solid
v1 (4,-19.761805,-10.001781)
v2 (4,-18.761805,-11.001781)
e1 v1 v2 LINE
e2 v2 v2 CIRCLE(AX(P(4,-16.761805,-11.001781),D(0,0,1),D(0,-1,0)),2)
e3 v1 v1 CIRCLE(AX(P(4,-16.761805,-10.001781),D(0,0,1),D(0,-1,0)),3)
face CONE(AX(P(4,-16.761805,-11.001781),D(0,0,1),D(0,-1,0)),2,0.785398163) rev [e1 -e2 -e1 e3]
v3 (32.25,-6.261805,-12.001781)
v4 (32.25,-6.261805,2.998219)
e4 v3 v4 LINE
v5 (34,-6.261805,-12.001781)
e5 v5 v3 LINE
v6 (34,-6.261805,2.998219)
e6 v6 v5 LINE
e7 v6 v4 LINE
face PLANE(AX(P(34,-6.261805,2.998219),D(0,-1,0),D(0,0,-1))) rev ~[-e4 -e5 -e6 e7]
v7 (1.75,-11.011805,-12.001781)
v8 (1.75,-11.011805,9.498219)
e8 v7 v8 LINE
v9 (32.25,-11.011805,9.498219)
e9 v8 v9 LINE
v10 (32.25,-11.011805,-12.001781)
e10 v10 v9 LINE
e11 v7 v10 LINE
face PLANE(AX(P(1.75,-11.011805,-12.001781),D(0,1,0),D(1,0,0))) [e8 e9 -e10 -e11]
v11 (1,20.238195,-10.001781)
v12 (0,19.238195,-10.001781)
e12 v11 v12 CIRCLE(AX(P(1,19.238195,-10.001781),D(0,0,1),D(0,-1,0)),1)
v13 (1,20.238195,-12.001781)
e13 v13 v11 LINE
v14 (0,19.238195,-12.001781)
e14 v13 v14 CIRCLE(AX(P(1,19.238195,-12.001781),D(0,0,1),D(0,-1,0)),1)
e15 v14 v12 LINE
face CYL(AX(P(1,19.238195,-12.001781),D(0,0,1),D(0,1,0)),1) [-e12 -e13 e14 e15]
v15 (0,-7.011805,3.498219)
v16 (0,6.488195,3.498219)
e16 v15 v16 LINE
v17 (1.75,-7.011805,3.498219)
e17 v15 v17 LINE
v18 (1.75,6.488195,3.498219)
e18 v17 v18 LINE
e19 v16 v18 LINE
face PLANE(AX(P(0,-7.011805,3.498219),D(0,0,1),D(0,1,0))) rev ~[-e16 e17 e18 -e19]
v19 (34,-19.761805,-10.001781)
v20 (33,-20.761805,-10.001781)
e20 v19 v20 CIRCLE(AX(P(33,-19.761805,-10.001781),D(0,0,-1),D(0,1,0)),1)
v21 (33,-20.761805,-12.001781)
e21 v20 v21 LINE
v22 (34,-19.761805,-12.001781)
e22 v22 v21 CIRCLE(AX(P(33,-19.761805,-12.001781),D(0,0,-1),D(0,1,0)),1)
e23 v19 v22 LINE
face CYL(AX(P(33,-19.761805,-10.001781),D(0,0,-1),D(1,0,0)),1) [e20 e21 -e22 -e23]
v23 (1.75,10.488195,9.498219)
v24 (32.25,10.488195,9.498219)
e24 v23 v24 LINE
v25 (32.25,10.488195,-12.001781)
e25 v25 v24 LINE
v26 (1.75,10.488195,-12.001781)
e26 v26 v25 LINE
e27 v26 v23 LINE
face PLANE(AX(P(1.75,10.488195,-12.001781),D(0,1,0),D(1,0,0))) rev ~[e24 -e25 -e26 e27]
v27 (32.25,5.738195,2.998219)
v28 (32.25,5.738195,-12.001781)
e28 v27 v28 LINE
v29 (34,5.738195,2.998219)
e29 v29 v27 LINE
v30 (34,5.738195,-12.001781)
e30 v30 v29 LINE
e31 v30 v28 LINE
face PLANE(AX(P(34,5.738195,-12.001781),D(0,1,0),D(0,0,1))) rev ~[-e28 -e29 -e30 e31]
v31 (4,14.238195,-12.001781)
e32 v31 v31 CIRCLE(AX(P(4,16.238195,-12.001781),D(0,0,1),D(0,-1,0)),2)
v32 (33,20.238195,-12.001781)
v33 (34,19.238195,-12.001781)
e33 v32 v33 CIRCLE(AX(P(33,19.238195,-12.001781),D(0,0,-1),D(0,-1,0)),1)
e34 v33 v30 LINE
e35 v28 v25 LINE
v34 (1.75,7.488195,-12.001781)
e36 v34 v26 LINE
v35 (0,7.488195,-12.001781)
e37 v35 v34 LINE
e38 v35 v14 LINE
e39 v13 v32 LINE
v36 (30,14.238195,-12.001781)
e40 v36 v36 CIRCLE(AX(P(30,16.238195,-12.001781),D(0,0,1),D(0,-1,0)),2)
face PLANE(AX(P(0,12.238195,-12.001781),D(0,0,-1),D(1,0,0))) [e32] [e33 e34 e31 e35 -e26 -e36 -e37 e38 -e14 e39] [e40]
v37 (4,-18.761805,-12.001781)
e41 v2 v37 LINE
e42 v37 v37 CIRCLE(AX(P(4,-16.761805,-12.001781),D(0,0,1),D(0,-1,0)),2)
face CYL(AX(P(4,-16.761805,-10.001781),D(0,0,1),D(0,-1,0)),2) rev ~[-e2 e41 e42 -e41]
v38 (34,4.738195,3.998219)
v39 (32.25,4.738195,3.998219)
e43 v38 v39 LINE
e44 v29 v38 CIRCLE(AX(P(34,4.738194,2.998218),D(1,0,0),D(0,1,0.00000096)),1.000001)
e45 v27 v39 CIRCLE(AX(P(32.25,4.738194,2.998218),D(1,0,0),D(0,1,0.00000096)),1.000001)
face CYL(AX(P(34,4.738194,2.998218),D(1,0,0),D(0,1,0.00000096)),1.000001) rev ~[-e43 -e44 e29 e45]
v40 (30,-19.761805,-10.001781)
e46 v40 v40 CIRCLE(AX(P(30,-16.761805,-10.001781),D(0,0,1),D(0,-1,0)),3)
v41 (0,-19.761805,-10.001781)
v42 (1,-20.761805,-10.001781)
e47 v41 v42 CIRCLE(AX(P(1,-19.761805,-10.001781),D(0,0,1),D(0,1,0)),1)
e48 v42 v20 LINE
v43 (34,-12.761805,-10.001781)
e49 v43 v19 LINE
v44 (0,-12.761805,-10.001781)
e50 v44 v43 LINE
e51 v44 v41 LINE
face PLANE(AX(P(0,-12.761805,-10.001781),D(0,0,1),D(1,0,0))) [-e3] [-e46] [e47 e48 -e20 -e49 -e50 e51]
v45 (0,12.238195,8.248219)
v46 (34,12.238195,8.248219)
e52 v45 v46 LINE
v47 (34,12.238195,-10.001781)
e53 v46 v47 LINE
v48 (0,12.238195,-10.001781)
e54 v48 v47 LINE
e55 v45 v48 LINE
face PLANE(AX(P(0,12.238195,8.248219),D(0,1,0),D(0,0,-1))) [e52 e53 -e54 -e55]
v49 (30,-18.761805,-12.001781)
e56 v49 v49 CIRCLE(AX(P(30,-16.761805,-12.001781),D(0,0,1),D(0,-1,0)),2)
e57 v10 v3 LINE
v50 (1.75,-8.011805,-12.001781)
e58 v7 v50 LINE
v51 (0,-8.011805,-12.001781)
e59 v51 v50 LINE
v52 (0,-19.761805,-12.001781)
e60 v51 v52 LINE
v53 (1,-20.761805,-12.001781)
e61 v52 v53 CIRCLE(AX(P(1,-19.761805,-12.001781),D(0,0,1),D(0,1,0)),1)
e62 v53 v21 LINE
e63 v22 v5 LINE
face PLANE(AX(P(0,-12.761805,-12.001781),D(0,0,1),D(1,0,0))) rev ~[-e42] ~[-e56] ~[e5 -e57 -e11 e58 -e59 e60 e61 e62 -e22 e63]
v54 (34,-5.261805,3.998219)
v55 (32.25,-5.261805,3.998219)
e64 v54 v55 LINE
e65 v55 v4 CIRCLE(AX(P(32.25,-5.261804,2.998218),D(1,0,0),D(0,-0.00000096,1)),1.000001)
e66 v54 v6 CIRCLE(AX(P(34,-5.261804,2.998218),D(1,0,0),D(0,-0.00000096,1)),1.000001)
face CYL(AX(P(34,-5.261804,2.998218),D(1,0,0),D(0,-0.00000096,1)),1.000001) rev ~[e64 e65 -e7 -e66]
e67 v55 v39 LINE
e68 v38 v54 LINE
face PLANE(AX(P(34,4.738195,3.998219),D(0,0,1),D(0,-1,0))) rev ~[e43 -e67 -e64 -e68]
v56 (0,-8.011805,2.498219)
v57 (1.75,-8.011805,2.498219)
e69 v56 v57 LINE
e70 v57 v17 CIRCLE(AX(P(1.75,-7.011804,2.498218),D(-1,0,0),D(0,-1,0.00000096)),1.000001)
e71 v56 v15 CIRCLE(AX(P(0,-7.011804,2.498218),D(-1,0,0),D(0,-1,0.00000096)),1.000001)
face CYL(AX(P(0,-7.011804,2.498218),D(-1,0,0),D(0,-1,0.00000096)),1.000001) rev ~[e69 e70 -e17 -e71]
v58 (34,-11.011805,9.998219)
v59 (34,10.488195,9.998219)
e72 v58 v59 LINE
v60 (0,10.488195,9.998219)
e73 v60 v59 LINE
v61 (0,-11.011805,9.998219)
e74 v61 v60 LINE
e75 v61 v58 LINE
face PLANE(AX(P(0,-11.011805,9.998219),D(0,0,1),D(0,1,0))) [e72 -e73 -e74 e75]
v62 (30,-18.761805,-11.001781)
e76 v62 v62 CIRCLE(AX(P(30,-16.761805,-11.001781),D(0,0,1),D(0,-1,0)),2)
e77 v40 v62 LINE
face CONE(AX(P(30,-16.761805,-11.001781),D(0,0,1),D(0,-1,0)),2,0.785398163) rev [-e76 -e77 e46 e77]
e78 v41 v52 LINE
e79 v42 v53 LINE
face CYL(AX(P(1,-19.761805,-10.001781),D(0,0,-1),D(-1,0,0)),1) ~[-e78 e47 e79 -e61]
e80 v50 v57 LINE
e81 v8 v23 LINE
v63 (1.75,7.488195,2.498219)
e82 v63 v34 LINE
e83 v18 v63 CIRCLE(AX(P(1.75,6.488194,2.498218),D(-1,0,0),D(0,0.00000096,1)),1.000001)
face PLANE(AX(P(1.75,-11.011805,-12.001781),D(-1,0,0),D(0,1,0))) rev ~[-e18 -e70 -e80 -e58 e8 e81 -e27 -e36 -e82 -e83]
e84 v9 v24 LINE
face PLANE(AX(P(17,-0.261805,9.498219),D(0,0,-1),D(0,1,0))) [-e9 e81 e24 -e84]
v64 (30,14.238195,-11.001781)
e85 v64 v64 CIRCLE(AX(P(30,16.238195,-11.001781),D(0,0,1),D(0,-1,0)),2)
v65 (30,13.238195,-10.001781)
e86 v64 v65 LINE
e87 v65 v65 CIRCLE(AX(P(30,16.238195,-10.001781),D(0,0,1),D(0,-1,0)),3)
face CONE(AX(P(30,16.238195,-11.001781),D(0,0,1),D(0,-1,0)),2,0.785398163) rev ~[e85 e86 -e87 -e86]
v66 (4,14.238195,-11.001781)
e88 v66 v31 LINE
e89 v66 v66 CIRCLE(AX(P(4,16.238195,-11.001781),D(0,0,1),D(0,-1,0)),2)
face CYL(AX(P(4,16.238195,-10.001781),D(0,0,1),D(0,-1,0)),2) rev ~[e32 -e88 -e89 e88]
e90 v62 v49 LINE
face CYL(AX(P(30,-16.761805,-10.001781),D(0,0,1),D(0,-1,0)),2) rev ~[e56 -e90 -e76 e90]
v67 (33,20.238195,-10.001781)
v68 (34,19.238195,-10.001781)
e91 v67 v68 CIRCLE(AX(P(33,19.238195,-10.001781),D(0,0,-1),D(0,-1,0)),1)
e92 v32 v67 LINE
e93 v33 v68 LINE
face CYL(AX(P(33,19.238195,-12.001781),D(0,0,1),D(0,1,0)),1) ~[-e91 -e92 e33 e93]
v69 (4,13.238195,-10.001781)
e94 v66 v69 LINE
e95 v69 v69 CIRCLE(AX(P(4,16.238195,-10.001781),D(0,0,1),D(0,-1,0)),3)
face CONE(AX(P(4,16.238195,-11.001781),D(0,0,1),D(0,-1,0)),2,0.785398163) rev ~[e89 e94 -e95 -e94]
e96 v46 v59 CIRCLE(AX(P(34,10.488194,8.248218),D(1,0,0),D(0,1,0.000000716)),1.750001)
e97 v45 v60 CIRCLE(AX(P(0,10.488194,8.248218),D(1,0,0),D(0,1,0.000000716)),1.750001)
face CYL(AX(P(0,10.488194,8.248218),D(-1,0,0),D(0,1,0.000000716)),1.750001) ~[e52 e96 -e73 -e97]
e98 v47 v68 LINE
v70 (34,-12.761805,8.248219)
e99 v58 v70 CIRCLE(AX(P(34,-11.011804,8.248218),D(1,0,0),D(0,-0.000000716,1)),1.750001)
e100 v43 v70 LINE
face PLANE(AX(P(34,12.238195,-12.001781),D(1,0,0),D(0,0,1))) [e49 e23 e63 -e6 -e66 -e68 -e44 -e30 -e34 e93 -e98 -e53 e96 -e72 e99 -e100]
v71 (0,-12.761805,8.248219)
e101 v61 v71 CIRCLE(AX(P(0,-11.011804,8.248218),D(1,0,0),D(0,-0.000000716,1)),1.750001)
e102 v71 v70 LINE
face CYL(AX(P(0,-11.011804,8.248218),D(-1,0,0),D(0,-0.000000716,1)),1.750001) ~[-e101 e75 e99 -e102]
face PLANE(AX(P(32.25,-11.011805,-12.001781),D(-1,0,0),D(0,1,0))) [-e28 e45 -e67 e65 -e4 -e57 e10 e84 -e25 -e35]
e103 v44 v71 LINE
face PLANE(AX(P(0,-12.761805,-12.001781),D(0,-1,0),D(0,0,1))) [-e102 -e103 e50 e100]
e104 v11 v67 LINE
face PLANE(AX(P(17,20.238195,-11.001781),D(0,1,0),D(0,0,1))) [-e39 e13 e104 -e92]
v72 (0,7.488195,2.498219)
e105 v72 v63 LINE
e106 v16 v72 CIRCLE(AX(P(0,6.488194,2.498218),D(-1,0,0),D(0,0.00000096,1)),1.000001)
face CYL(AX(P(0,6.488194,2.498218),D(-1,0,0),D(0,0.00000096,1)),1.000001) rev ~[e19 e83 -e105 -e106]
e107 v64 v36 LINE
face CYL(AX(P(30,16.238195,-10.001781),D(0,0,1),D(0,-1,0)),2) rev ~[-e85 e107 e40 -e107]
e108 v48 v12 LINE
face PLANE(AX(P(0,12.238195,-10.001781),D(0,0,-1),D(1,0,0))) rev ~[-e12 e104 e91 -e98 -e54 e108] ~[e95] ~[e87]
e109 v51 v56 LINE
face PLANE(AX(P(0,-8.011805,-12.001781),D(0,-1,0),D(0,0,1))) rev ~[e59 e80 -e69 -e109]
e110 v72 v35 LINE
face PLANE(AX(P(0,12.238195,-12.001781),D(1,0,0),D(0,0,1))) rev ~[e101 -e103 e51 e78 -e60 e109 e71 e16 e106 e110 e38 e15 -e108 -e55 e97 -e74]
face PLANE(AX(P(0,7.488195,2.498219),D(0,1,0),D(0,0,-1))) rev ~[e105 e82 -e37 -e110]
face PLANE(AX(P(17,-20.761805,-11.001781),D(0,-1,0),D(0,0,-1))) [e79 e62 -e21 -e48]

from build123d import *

# Parameters (mm, degrees)
PAD_DEPTH       = 34
SKETCH002_W     = 21.5
SKETCH002_H     = 30.5
POCKET_DEPTH    = 21.5
POCKET001_DEPTH = 5
POCKET002_DEPTH = 5
SKETCH004_W     = 2
SKETCH004_H     = 34
PAD001_DEPTH    = 8
SKETCH005_R     = 2
POCKET003_DEPTH = 5
CHAMFER_SIZE    = 1
SKETCH006_W     = 2
SKETCH006_H     = 34
PAD002_DEPTH    = 8
SKETCH007_R     = 2
POCKET004_DEPTH = 5
CHAMFER001_SIZE = 1
FILLET_R        = 1


with BuildPart() as part:
    # Sketch → Pad (new body)
    with BuildSketch(Plane.YZ):
        with BuildLine():
            Line((-11.011805, 9.998219), (10.488195, 9.998219))
            ThreePointArc((12.238195, 8.248219), (11.725632, 9.485655), (10.488195, 9.998219))
            Line((12.238195, 8.248219), (12.238195, -12.001781))
            Line((12.238195, -12.001781), (-12.761805, -12.001781))
            Line((-12.761805, -12.001781), (-12.761805, 8.248219))
            ThreePointArc((-11.011805, 9.998219), (-12.249242, 9.485655), (-12.761805, 8.248219))
        make_face()
    extrude(amount=PAD_DEPTH)

    # Sketch002 (on Face2 of Pad) → Pocket (cut)
    with BuildSketch(Plane.YX.offset(12.001781)):
        with Locations((-0.261805, 17)):
            Rectangle(SKETCH002_W, SKETCH002_H)
    extrude(amount=-POCKET_DEPTH, mode=Mode.SUBTRACT)

    # Sketch001 (on Face7 of Pad) → Pocket001 (cut)
    with BuildSketch(Plane(origin=(0, 0, 0), x_dir=(0, 1, 0), z_dir=(-1, 0, 0))):
        with BuildLine():
            Line((7.488195, 12.001781), (-8.011805, 12.001781))
            Line((-8.011805, 12.001781), (-8.011805, -2.498219))
            ThreePointArc((-8.011805, -2.498219), (-7.718912, -3.205325), (-7.011805, -3.498219))
            Line((-7.011805, -3.498219), (6.488195, -3.498219))
            ThreePointArc((6.488195, -3.498219), (7.195302, -3.205325), (7.488195, -2.498219))
            Line((7.488195, -2.498219), (7.488195, 12.001781))
        make_face()
    extrude(amount=-POCKET001_DEPTH, mode=Mode.SUBTRACT)

    # Sketch003 (on Face5 of Pocket001) → Pocket002 (cut)
    with BuildSketch(Plane.YZ.offset(34)):
        with BuildLine():
            Line((-6.261805, -12.001781), (5.738195, -12.001781))
            Line((5.738195, -12.001781), (5.738195, 2.998219))
            ThreePointArc((5.738195, 2.998219), (5.445302, 3.705325), (4.738195, 3.998219))
            Line((4.738195, 3.998219), (-5.261805, 3.998219))
            ThreePointArc((-5.261805, 3.998219), (-5.968912, 3.705325), (-6.261805, 2.998219))
            Line((-6.261805, 2.998219), (-6.261805, -12.001781))
        make_face()
    extrude(amount=-POCKET002_DEPTH, mode=Mode.SUBTRACT)

    # Sketch004 (on Face17 of Pocket002) → Pad001 (join)
    with BuildSketch(Plane(origin=(0, -12.761805, 0), x_dir=(0, 0, -1), z_dir=(0, -1, 0))):
        with Locations((11.001781, 17)):
            Rectangle(SKETCH004_W, SKETCH004_H)
    extrude(amount=PAD001_DEPTH)

    # Sketch005 (on Face28 of Pad001) → Pocket003 (cut)
    with BuildSketch(Plane(origin=(0, 0, -10.001781), x_dir=(0, -1, 0), z_dir=(0, 0, 1))):
        with Locations((16.761805, 30)):
            Circle(SKETCH005_R)
        with Locations((16.761805, 4)):
            Circle(SKETCH005_R)
    extrude(amount=-POCKET003_DEPTH, mode=Mode.SUBTRACT)

    # Chamfer
    chamfer_edges = [part.edges().sort_by_distance(p)[0] for p in [
        (4, -14.761805, -10.001781),
        (30, -14.761805, -10.001781),
    ]]
    chamfer(chamfer_edges, length=CHAMFER_SIZE)

    # Sketch006 (on Face15 of Chamfer) → Pad002 (join)
    with BuildSketch(Plane.ZX.offset(12.238195)):
        with Locations((-11.001781, 17)):
            Rectangle(SKETCH006_W, SKETCH006_H)
    extrude(amount=PAD002_DEPTH)

    # Sketch007 (on Face34 of Pad002) → Pocket004 (cut)
    with BuildSketch(Plane(origin=(0, 0, -10.001781), x_dir=(0, -1, 0), z_dir=(0, 0, 1))):
        with Locations((-16.238195, 30)):
            Circle(SKETCH007_R)
        with Locations((-16.238195, 4)):
            Circle(SKETCH007_R)
    extrude(amount=-POCKET004_DEPTH, mode=Mode.SUBTRACT)

    # Chamfer001
    chamfer001_edges = [part.edges().sort_by_distance(p)[0] for p in [
        (30, 18.238195, -10.001781),
        (4, 18.238195, -10.001781),
    ]]
    chamfer(chamfer001_edges, length=CHAMFER001_SIZE)

    # Fillet
    fillet_edges = [part.edges().sort_by_distance(p)[0] for p in [
        (0, -20.761805, -11.001781),
        (34, -20.761805, -11.001781),
        (0, 20.238195, -11.001781),
        (34, 20.238195, -11.001781),
    ]]
    fillet(fillet_edges, radius=FILLET_R)


solid = part.part
